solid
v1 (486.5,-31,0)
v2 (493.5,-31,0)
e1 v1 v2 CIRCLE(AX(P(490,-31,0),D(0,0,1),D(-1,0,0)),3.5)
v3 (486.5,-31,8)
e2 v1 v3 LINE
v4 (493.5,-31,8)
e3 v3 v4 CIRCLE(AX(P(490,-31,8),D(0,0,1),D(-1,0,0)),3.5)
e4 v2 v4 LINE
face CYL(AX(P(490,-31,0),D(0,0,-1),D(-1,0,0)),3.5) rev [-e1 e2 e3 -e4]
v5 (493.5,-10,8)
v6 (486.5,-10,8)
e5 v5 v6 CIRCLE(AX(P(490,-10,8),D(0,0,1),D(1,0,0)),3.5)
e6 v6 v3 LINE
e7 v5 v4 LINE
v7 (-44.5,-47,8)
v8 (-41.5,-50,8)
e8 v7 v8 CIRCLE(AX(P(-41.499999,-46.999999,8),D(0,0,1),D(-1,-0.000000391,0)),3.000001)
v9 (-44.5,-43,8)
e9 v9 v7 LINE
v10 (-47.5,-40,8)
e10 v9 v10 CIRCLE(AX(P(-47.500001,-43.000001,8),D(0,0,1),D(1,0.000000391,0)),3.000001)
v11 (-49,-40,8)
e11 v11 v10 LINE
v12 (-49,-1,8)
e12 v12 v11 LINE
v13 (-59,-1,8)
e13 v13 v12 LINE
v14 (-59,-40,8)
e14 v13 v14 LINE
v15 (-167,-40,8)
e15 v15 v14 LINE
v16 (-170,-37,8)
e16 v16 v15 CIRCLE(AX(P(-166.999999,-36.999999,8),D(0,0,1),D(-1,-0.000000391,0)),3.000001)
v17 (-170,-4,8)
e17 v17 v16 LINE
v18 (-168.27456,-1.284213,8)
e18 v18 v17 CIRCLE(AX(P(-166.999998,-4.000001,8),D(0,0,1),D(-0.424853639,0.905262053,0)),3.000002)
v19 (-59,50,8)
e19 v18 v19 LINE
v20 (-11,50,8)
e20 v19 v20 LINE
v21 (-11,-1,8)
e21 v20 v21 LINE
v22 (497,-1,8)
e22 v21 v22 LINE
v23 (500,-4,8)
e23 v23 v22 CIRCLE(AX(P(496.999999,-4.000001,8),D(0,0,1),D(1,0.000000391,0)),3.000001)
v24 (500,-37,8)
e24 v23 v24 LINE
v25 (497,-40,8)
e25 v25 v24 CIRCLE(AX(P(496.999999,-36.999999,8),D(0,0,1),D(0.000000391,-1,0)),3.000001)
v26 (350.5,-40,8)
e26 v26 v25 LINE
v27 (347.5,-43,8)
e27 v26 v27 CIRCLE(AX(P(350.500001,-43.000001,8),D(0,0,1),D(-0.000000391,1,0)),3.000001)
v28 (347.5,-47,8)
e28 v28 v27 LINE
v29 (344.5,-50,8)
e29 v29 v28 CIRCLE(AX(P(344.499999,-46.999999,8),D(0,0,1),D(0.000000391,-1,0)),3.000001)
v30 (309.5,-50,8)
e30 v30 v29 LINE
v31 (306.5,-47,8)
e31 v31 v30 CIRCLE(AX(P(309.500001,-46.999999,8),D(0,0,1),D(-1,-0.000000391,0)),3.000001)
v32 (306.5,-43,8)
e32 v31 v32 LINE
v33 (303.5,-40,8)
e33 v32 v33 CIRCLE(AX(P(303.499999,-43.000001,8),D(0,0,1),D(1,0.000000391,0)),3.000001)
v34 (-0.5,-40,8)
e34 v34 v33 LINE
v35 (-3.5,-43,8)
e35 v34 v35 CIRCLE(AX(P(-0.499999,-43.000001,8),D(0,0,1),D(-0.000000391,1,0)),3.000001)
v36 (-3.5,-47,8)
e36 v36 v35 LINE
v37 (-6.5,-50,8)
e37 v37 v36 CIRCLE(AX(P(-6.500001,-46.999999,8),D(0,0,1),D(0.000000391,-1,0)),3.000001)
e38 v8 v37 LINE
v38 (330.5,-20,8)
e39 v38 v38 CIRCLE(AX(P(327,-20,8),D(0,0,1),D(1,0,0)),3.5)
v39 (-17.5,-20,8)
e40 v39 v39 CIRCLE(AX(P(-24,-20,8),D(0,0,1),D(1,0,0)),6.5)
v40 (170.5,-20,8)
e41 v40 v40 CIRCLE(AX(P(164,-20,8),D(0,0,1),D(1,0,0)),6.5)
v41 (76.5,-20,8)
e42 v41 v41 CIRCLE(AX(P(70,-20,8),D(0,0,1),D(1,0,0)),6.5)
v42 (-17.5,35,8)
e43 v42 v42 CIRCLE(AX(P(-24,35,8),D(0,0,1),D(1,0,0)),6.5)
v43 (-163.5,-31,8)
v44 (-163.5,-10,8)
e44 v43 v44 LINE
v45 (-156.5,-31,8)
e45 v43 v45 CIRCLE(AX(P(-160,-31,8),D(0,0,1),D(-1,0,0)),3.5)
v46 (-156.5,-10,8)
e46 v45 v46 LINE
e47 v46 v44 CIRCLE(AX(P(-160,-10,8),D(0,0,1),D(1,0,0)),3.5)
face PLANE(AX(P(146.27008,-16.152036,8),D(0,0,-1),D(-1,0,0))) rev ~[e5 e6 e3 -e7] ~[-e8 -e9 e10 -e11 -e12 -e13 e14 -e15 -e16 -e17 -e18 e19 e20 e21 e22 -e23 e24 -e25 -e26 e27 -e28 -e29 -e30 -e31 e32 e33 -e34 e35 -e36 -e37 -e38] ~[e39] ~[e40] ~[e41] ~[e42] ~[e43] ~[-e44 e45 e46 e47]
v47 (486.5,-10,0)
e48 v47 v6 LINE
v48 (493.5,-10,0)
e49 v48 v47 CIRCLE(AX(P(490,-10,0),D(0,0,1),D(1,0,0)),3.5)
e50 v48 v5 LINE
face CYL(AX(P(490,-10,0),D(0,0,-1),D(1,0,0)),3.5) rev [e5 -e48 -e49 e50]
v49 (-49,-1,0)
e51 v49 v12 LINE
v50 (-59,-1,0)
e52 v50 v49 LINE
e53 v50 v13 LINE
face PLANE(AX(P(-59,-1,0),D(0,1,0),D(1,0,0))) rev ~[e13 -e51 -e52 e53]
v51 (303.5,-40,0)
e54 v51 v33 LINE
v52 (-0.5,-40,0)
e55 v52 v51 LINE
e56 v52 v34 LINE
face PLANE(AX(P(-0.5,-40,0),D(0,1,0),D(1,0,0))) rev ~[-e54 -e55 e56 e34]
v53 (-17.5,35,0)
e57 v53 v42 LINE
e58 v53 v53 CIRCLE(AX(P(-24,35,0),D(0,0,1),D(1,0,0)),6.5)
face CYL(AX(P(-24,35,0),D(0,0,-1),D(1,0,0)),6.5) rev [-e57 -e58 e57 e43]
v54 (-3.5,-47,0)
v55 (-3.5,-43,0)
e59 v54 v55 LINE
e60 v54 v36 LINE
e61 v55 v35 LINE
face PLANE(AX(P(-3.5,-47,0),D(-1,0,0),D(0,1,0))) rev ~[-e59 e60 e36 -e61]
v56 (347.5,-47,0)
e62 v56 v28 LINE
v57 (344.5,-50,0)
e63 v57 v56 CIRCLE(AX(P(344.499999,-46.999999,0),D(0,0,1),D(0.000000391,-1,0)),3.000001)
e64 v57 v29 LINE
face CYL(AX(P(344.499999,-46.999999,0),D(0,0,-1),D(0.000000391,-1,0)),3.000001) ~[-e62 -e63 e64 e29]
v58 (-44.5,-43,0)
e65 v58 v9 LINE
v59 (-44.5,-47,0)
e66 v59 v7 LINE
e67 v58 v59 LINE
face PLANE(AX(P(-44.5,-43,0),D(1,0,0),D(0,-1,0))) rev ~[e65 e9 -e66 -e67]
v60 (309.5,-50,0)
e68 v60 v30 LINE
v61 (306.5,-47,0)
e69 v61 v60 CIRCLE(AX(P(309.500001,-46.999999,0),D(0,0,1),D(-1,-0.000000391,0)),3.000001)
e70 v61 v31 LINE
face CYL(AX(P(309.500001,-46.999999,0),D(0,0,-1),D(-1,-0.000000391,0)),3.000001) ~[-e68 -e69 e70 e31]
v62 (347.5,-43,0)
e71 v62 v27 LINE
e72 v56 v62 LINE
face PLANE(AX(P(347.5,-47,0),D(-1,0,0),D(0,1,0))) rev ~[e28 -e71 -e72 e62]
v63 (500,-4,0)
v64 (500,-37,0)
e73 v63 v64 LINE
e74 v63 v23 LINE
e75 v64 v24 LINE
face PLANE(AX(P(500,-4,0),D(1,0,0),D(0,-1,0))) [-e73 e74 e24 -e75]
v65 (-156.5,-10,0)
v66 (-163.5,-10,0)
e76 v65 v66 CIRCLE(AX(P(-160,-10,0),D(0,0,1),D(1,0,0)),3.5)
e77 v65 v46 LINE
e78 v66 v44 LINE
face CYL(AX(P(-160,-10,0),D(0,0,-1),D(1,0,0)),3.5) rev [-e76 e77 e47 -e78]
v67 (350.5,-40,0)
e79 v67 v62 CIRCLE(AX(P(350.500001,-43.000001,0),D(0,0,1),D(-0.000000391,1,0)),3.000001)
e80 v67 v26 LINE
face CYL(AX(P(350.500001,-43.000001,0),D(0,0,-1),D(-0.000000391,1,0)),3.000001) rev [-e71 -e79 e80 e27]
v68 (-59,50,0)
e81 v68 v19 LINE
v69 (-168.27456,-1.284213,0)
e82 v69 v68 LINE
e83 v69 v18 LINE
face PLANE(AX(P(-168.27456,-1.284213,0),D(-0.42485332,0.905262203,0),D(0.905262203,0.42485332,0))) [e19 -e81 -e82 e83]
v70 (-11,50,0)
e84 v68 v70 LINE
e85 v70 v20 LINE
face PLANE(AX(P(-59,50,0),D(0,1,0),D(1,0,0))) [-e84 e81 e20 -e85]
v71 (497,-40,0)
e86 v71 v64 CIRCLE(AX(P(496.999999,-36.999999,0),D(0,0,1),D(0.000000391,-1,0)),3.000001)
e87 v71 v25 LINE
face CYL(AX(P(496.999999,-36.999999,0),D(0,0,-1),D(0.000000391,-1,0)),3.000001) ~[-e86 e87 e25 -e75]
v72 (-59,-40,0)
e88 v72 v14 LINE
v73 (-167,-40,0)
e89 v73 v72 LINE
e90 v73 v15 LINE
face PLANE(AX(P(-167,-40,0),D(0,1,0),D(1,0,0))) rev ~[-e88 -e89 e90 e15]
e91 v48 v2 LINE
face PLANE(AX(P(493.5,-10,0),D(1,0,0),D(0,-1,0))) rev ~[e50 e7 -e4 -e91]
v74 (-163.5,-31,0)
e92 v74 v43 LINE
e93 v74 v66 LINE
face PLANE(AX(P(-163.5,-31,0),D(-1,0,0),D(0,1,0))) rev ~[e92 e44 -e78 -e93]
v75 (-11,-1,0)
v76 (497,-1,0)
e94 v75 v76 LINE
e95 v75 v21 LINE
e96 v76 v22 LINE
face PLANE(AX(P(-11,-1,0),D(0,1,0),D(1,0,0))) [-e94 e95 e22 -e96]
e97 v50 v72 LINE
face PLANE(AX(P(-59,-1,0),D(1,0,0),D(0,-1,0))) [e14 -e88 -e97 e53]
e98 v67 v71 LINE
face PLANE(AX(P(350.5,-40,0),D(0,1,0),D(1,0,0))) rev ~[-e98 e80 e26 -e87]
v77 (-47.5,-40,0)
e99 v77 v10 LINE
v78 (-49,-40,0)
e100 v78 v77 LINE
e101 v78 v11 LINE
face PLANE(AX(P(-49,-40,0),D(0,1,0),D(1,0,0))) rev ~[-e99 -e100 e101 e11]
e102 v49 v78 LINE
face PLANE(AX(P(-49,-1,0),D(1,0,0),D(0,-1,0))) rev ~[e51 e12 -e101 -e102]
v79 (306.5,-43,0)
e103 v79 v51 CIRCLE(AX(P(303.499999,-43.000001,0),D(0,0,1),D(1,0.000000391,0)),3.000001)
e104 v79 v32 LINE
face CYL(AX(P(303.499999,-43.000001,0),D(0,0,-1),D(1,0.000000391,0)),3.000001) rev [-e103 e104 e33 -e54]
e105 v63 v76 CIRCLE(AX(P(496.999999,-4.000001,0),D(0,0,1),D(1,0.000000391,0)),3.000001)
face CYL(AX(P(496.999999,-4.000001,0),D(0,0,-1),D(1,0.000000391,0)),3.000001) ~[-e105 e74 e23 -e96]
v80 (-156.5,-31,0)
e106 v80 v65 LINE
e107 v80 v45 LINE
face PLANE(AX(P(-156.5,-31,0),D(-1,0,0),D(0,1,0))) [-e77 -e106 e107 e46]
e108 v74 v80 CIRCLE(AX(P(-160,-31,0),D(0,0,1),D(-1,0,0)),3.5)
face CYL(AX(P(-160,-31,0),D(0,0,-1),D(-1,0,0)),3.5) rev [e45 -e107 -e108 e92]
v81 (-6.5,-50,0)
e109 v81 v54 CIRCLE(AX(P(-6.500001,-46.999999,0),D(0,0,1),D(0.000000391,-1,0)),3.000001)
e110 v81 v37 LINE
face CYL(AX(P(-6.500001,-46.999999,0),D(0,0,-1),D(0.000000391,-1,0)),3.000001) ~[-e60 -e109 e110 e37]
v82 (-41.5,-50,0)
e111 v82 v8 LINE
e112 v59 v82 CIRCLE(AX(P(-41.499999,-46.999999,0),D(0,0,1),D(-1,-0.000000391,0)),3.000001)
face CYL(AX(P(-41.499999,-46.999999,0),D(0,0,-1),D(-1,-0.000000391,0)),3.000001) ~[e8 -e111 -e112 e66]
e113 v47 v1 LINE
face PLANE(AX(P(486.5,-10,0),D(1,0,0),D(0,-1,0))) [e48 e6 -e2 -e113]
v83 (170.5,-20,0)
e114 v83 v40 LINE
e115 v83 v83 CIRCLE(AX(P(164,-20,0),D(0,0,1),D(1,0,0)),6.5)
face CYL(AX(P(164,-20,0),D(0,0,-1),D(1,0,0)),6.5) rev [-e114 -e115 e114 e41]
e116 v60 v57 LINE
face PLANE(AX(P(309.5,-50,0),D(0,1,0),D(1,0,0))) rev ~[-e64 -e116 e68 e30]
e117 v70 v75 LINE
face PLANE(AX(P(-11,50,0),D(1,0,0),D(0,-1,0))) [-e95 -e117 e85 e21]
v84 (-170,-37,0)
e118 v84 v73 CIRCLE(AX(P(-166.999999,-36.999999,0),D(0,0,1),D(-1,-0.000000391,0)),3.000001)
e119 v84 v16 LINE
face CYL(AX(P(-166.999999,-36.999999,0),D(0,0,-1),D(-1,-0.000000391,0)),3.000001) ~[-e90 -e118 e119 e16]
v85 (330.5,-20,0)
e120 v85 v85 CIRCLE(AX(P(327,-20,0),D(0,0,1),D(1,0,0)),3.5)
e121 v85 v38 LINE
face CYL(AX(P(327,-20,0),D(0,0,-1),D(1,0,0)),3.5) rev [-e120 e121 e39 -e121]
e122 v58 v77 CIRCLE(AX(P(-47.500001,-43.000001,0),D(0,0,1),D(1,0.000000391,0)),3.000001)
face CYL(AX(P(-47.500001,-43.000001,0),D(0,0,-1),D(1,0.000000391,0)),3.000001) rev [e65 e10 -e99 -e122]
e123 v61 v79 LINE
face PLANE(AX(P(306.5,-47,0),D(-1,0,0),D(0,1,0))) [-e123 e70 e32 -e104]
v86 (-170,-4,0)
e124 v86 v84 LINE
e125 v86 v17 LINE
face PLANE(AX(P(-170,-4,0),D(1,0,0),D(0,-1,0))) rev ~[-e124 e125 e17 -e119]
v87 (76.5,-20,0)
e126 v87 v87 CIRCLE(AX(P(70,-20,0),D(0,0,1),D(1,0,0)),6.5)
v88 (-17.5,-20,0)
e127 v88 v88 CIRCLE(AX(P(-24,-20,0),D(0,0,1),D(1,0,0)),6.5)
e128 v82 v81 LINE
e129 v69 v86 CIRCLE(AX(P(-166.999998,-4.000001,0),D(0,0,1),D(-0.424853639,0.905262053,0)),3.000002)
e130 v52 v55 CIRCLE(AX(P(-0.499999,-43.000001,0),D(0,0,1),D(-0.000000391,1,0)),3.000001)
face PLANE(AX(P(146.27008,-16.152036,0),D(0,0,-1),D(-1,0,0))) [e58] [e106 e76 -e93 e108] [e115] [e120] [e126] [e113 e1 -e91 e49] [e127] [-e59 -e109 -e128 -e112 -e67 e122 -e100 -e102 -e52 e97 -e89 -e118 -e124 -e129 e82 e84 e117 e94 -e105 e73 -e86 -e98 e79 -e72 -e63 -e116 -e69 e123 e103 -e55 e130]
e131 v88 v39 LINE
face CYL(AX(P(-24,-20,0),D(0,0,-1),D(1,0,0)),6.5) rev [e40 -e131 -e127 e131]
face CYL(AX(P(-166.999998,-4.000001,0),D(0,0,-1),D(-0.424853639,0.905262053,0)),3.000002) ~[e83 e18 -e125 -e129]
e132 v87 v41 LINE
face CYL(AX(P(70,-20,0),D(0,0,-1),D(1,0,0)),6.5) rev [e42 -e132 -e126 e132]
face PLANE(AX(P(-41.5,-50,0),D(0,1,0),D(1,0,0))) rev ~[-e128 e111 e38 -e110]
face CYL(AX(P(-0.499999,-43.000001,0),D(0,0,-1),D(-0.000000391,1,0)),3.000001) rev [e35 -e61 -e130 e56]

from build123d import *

# Parameters (mm, degrees)
SKETCH_R   = 6.5
SKETCH_R_2 = 3.5
PAD_DEPTH  = 8


with BuildPart() as part:
    # Sketch → Pad (new body)
    with BuildSketch(Plane.XY):
        with BuildLine():
            Line((-11, 50), (-11, -1))
            Line((-11, -1), (497, -1))
            ThreePointArc((500, -4), (499.12132, -1.87868), (497, -1))
            Line((500, -4), (500, -37))
            ThreePointArc((497, -40), (499.12132, -39.12132), (500, -37))
            Line((350.5, -40), (497, -40))
            ThreePointArc((350.5, -40), (348.37868, -40.87868), (347.5, -43))
            Line((347.5, -47), (347.5, -43))
            ThreePointArc((344.5, -50), (346.62132, -49.12132), (347.5, -47))
            Line((309.5, -50), (344.5, -50))
            ThreePointArc((306.5, -47), (307.37868, -49.12132), (309.5, -50))
            Line((306.5, -47), (306.5, -43))
            ThreePointArc((306.5, -43), (305.62132, -40.87868), (303.5, -40))
            Line((-0.5, -40), (303.5, -40))
            ThreePointArc((-0.5, -40), (-2.62132, -40.87868), (-3.5, -43))
            Line((-3.5, -47), (-3.5, -43))
            ThreePointArc((-6.5, -50), (-4.37868, -49.12132), (-3.5, -47))
            Line((-41.5, -50), (-6.5, -50))
            ThreePointArc((-44.5, -47), (-43.62132, -49.12132), (-41.5, -50))
            Line((-44.5, -43), (-44.5, -47))
            ThreePointArc((-44.5, -43), (-45.37868, -40.87868), (-47.5, -40))
            Line((-49, -40), (-47.5, -40))
            Line((-49, -1), (-49, -40))
            Line((-50, -1), (-49, -1))
            Line((-54, -1), (-50, -1))
            Line((-58, -1), (-54, -1))
            Line((-59, -1), (-58, -1))
            Line((-59, -1), (-59, -40))
            Line((-167, -40), (-59, -40))
            ThreePointArc((-170, -37), (-169.12132, -39.12132), (-167, -40))
            Line((-170, -4), (-170, -37))
            ThreePointArc((-168.27456, -1.284213), (-169.532161, -2.391224), (-170, -4))
            Line((-168.27456, -1.284213), (-59, 50))
            Line((-59, 50), (-58, 50))
            Line((-58, 50), (-54, 50))
            Line((-54, 50), (-50, 50))
            Line((-50, 50), (-49, 50))
            Line((-49, 50), (-11, 50))
        make_face()
        with Locations((-24, 35)):
            Circle(SKETCH_R, mode=Mode.SUBTRACT)
        with Locations((-24, -20)):
            Circle(SKETCH_R, mode=Mode.SUBTRACT)
        with Locations((164, -20)):
            Circle(SKETCH_R, mode=Mode.SUBTRACT)
        with Locations((70, -20)):
            Circle(SKETCH_R, mode=Mode.SUBTRACT)
        with Locations((327, -20)):
            Circle(SKETCH_R_2, mode=Mode.SUBTRACT)
        with BuildLine():
            ThreePointArc((493.5, -10), (490, -6.5), (486.5, -10))
            Line((486.5, -10), (486.5, -31))
            ThreePointArc((486.5, -31), (490, -34.5), (493.5, -31))
            Line((493.5, -10), (493.5, -31))
        make_face(mode=Mode.SUBTRACT)
        with BuildLine():
            ThreePointArc((-163.5, -31), (-160, -34.5), (-156.5, -31))
            Line((-156.5, -31), (-156.5, -10))
            ThreePointArc((-156.5, -10), (-160, -6.5), (-163.5, -10))
            Line((-163.5, -31), (-163.5, -10))
        make_face(mode=Mode.SUBTRACT)
    extrude(amount=PAD_DEPTH)


solid = part.part
